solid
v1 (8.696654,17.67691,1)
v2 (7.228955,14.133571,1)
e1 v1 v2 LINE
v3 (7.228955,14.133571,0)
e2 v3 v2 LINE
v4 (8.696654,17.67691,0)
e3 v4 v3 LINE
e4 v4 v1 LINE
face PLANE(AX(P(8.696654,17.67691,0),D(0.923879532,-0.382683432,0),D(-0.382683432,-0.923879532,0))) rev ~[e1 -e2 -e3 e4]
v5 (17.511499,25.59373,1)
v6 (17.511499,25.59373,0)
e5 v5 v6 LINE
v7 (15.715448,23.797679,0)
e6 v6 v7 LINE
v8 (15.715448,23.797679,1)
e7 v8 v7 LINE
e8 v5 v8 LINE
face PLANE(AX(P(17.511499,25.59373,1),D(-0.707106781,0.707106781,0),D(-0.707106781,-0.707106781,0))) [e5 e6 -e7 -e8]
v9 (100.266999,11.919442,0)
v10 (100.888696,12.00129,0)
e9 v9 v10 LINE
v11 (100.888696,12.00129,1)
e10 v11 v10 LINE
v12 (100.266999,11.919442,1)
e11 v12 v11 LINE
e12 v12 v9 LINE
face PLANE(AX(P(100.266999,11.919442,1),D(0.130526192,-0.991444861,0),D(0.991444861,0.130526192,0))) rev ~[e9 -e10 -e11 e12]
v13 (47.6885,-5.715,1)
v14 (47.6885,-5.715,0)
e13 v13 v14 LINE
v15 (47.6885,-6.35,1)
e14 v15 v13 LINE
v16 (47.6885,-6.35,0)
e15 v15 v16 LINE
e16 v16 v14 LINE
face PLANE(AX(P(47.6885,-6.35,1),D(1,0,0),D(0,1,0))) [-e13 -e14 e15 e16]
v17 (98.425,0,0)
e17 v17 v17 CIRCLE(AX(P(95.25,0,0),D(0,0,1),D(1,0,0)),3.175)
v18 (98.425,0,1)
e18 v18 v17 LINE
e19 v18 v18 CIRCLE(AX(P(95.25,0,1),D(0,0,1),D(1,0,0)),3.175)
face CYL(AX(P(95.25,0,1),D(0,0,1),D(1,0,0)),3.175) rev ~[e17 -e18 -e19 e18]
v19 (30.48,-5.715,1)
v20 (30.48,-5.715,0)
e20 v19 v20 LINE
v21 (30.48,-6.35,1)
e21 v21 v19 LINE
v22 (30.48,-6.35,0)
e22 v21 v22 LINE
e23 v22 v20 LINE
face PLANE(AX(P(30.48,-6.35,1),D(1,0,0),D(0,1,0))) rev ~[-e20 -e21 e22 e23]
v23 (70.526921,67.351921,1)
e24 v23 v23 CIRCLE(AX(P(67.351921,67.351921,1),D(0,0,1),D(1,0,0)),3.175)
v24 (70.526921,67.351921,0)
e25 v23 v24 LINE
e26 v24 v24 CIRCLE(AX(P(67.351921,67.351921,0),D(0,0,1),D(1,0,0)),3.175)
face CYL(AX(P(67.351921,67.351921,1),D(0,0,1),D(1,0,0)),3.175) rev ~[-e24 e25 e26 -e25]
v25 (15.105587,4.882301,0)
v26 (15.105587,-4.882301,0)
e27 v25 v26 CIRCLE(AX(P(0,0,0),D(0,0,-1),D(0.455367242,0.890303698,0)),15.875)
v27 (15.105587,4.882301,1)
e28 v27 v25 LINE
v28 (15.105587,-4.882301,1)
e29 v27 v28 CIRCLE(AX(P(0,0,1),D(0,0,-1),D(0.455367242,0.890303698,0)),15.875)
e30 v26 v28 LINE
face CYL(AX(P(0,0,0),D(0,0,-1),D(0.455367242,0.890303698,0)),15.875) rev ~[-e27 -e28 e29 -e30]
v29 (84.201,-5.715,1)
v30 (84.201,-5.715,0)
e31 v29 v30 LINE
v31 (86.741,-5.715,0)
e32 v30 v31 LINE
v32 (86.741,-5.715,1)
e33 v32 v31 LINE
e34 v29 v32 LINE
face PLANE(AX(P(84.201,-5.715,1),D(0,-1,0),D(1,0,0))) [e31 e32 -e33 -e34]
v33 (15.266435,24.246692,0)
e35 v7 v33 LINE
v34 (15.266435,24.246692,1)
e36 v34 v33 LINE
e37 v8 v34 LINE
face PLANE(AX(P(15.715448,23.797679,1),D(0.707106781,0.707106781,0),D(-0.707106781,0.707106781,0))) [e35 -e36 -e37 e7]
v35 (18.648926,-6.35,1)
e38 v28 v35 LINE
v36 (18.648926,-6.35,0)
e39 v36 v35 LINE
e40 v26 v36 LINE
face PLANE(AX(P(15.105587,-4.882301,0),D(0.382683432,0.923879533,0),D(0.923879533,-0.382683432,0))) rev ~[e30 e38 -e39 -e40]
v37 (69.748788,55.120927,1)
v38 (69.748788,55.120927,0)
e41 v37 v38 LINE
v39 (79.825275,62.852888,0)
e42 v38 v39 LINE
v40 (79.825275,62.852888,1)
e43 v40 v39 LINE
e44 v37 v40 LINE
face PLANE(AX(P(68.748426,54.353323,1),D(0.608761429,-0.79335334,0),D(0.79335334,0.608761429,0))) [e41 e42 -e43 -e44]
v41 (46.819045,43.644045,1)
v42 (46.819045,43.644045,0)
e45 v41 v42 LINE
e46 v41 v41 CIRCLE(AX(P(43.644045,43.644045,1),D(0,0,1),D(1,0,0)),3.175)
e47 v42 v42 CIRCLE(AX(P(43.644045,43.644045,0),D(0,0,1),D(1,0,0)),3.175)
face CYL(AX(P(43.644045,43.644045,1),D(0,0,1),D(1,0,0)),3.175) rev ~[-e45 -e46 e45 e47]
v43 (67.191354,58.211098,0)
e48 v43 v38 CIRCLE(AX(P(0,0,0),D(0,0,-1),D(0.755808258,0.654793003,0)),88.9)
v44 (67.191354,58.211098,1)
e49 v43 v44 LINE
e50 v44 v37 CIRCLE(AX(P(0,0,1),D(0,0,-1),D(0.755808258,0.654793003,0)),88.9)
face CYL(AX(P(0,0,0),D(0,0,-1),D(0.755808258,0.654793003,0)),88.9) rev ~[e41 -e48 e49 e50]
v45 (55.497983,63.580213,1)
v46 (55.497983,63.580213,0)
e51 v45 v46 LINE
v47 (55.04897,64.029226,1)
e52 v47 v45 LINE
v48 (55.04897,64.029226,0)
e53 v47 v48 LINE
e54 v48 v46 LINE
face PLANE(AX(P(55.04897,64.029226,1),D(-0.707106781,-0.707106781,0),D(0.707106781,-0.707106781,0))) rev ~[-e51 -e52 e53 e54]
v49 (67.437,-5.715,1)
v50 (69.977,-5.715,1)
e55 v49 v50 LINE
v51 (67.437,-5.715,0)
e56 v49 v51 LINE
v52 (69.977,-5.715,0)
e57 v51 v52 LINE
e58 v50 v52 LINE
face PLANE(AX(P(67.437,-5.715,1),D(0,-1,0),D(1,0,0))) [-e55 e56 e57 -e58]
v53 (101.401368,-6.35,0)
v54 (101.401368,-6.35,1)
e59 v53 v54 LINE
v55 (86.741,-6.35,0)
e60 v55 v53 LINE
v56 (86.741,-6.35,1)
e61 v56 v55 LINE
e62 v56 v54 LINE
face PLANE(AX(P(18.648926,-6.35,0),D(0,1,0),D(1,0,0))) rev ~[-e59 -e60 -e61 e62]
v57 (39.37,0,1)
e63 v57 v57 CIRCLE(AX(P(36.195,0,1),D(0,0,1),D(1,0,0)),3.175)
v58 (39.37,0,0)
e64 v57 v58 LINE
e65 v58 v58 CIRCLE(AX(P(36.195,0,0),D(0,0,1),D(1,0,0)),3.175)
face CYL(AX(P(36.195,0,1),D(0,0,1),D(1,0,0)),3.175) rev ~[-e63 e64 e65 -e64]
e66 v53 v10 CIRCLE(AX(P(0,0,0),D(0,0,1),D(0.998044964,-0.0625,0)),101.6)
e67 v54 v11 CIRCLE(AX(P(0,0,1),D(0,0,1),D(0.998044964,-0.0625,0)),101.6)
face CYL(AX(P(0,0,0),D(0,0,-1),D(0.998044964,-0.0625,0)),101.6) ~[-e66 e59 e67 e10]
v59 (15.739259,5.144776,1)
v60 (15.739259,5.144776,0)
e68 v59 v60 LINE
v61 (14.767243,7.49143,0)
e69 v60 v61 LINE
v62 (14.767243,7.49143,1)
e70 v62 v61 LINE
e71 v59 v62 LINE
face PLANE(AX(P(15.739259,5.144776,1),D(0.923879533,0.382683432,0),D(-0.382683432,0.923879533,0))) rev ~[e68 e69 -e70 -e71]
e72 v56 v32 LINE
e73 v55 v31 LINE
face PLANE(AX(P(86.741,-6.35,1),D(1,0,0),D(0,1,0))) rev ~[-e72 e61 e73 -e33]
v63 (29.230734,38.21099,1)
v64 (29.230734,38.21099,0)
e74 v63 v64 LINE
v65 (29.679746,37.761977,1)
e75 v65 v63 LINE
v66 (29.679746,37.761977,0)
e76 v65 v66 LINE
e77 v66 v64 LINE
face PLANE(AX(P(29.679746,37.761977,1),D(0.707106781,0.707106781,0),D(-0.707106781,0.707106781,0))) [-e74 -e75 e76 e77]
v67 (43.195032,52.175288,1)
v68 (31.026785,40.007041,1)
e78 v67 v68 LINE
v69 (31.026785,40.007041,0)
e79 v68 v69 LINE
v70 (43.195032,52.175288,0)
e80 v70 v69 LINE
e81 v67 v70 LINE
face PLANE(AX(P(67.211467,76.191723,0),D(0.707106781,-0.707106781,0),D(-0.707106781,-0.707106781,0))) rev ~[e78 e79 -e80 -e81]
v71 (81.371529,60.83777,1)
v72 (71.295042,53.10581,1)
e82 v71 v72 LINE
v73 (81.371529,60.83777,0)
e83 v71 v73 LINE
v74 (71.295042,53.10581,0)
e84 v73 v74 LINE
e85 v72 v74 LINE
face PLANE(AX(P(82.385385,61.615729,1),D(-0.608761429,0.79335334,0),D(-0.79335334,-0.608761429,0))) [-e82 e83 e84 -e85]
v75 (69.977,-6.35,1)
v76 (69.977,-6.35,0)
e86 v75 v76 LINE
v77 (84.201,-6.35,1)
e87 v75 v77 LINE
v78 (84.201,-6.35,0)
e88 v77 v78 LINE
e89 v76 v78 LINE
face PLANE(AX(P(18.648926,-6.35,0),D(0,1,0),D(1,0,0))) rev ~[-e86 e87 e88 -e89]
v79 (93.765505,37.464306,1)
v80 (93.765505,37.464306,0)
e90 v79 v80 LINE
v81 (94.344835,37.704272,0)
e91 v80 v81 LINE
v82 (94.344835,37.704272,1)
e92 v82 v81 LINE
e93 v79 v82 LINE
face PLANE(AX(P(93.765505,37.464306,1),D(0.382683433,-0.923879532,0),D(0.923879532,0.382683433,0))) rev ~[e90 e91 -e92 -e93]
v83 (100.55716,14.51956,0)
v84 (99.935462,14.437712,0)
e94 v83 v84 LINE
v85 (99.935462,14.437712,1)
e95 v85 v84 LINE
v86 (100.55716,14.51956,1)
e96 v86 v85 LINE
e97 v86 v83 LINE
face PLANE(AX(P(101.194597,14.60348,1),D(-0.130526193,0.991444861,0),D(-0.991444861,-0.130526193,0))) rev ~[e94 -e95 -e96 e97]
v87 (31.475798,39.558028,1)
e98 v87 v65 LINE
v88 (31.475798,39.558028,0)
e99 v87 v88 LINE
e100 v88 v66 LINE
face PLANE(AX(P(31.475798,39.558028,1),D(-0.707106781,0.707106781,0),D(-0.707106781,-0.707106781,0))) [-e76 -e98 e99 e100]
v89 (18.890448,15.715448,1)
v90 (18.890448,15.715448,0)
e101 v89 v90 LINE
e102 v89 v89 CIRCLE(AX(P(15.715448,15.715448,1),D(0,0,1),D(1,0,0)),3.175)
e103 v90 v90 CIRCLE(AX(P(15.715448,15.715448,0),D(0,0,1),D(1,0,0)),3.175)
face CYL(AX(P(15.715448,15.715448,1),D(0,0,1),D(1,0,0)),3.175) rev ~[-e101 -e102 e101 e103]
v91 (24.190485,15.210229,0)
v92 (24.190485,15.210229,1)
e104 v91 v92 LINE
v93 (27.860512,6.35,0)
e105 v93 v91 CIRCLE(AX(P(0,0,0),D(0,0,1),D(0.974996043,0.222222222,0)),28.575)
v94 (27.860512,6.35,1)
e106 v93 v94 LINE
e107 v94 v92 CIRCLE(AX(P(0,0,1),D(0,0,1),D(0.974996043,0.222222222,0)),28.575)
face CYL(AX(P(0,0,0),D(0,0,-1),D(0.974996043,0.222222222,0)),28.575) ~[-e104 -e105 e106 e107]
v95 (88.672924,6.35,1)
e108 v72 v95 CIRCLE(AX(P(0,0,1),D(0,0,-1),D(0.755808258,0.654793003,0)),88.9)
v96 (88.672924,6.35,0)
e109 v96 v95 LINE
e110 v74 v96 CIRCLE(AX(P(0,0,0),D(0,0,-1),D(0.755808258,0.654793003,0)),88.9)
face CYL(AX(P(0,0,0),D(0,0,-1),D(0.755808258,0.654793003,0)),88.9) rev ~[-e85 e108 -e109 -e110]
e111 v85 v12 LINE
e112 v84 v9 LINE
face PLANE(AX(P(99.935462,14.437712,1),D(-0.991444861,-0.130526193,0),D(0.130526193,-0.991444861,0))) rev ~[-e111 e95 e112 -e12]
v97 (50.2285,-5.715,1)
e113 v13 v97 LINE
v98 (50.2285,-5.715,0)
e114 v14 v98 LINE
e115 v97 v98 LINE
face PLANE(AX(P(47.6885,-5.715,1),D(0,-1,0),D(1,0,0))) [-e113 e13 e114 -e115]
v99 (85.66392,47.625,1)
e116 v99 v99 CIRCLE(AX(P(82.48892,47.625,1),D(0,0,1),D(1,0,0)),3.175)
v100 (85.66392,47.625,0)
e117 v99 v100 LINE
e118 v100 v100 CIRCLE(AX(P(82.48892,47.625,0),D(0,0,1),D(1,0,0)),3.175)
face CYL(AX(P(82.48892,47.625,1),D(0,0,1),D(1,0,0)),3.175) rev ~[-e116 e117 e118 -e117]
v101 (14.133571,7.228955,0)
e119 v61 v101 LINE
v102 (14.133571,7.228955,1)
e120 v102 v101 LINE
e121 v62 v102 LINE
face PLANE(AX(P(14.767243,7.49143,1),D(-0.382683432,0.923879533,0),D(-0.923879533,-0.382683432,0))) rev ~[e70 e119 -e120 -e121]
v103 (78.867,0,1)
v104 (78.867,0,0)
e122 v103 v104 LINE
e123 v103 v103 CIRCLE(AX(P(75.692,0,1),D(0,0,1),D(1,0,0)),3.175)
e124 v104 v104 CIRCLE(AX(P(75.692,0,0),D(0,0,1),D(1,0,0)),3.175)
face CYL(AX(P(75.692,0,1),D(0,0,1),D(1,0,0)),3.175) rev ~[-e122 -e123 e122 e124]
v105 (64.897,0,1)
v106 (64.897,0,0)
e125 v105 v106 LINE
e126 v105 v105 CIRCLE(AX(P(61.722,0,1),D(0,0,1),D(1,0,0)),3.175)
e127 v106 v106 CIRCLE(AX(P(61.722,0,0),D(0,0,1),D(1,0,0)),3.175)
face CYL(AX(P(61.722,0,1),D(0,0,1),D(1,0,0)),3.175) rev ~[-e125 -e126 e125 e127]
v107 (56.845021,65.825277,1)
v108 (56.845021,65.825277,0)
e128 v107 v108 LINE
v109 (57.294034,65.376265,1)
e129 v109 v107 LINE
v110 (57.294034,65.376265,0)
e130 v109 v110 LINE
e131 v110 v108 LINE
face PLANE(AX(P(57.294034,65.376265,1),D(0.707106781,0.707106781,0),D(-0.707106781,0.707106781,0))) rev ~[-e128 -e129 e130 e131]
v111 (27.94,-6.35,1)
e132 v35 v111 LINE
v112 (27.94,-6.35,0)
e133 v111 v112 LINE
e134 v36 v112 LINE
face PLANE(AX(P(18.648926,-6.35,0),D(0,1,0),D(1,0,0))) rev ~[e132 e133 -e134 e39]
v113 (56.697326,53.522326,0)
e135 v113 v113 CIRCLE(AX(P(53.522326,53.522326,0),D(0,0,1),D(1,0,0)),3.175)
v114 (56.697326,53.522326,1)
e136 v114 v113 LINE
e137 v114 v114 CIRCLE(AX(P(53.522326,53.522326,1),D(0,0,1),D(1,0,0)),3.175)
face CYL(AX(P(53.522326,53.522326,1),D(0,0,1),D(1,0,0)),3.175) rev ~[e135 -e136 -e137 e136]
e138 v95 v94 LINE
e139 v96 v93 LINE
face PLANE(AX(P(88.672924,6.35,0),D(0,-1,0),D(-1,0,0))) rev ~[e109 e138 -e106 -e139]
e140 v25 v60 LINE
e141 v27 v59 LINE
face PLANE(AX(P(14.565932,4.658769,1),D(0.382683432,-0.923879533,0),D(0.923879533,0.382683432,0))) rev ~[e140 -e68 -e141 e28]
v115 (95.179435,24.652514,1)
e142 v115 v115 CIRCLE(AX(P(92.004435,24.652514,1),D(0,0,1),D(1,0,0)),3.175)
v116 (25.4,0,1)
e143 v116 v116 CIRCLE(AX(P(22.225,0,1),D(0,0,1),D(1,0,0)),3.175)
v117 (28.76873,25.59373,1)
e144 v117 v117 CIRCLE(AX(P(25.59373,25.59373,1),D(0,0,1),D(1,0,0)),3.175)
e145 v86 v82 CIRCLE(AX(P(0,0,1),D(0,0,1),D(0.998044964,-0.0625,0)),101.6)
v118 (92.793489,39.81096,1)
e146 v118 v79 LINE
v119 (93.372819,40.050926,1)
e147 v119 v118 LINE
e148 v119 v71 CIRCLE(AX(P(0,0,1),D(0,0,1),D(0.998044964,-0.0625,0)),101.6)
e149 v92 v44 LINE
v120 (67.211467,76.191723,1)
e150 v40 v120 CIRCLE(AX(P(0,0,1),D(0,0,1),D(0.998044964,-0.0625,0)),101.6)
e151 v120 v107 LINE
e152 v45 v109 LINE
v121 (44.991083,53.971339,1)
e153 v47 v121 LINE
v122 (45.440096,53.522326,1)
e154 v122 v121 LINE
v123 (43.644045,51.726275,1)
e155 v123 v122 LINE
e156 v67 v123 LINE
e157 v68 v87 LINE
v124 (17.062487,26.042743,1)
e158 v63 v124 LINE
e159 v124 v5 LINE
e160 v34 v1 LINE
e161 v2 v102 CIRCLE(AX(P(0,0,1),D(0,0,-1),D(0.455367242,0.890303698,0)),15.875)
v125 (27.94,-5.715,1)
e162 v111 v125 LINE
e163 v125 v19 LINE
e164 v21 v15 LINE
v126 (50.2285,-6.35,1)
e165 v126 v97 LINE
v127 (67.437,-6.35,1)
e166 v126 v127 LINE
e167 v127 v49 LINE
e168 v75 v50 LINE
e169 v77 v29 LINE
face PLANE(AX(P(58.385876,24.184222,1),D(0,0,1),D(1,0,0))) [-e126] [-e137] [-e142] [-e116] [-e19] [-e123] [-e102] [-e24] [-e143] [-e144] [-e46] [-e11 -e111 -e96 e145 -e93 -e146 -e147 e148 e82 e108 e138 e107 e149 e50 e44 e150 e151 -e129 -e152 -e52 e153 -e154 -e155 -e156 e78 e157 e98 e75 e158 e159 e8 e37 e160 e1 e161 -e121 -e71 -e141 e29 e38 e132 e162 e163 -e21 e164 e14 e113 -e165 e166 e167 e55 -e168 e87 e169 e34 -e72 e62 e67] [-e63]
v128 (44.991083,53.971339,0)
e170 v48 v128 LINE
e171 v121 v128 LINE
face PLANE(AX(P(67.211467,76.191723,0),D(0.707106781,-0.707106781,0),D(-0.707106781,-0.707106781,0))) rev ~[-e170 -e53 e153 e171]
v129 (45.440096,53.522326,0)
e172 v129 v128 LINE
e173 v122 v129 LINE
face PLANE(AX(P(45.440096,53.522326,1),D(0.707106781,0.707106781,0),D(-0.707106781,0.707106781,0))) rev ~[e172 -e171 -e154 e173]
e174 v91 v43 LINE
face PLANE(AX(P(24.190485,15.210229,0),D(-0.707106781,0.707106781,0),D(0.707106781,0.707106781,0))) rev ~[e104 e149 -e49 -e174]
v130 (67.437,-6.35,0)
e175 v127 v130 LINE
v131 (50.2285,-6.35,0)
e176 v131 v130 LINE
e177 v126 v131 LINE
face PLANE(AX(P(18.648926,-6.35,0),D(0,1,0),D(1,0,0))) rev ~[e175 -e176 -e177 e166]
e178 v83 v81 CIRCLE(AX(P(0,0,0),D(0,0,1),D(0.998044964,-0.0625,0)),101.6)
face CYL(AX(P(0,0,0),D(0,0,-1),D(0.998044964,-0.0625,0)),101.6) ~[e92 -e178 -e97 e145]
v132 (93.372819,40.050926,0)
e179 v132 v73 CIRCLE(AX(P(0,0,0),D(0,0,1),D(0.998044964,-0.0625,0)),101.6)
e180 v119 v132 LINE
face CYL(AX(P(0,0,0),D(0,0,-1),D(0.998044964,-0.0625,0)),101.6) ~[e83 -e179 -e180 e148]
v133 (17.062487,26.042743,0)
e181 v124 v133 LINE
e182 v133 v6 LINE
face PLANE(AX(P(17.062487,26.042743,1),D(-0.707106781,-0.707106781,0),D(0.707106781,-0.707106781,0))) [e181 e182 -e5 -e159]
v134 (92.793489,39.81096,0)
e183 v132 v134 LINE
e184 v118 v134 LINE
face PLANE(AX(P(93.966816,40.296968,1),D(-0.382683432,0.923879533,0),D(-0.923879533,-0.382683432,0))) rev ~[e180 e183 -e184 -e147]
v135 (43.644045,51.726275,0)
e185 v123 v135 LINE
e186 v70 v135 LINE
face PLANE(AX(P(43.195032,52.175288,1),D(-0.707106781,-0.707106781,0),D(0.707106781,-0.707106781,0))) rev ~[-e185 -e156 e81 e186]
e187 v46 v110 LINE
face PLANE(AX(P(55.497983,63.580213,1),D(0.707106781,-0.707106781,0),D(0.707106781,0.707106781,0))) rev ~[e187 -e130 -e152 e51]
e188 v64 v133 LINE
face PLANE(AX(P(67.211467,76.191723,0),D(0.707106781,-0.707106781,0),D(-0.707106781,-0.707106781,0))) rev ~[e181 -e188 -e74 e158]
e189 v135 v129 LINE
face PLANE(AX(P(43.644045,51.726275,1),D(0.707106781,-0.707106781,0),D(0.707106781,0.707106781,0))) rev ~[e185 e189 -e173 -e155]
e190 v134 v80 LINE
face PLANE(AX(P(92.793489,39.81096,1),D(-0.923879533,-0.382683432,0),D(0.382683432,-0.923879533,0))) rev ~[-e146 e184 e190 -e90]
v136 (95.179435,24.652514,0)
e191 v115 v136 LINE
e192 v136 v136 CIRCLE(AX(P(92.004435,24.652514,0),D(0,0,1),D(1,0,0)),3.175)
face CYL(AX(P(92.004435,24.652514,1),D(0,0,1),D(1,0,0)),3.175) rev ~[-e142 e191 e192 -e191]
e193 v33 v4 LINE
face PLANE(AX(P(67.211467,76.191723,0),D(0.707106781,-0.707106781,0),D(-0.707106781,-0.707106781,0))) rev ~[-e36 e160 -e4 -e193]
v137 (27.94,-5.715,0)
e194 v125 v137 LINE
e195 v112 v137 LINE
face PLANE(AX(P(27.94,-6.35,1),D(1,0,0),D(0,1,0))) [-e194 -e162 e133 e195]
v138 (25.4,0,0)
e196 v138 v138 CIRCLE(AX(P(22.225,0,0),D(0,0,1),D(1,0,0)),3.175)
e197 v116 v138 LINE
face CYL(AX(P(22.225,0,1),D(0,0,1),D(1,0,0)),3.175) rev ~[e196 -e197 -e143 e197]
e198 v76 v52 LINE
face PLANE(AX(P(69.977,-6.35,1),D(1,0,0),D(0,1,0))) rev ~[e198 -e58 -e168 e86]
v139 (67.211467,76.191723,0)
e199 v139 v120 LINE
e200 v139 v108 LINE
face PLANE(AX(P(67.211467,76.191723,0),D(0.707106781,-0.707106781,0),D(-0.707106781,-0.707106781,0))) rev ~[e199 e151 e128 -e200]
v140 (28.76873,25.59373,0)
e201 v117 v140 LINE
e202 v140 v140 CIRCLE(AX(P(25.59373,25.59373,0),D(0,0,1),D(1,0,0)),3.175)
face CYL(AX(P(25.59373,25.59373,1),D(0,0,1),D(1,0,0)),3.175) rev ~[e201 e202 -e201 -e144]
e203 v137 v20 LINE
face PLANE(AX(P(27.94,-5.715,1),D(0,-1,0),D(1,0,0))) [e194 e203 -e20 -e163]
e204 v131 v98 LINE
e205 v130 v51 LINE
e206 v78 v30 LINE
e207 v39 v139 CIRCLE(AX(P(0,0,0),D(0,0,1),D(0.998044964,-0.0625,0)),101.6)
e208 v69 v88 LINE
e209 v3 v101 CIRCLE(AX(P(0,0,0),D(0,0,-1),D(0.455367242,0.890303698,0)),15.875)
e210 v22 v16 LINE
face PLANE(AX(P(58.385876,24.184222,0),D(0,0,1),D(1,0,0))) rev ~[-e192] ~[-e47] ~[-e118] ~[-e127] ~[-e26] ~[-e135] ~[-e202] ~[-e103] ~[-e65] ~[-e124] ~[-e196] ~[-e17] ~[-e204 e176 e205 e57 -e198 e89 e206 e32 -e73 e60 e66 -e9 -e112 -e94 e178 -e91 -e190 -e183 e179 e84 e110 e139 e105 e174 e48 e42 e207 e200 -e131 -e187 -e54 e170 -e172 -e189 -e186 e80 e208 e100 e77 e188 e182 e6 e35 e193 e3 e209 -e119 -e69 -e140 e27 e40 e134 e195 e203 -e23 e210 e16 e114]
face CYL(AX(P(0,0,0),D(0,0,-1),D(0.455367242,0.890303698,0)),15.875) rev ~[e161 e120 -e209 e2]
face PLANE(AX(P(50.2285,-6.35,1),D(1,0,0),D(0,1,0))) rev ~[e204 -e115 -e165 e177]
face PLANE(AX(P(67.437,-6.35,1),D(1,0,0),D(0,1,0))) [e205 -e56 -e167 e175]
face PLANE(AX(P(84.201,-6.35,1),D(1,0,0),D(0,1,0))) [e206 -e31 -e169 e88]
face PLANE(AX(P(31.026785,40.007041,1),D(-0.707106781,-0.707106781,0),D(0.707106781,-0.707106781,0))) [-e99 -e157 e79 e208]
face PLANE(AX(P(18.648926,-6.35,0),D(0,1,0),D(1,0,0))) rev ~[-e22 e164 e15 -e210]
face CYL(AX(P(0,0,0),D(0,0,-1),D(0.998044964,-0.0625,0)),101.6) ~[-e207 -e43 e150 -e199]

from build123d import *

# Parameters (mm, degrees)
BOSS_EXTRUDE1_DEPTH = 1
SKETCH2_R           = 3.175
CUT_EXTRUDE1_DEPTH  = 2
SKETCH3_W           = 2.54
SKETCH3_H           = 0.635
CUT_EXTRUDE2_DEPTH  = 2


with BuildPart() as part:
    # Sketch1 → Boss-Extrude1 (new body)
    with BuildSketch(Plane.XY):
        with BuildLine():
            Line((67.21146711, 76.191723231), (8.696654013, 17.676910134))
            Line((8.696654013, 17.676910134), (7.228954972, 14.133571205))
            ThreePointArc((7.228954972, 14.133571205), (14.666587579, 6.075099489), (15.105587123, -4.88230096))
            Line((15.105587123, -4.88230096), (18.648926052, -6.35))
            Line((18.648926052, -6.35), (101.401368334, -6.35))
            ThreePointArc((101.401368334, -6.35), (93.866160503, 38.880636728), (67.21146711, 76.191723231))
        make_face()
        with BuildLine():
            Line((88.672924278, 6.35), (27.86051193, 6.35))
            ThreePointArc((27.86051193, 6.35), (26.399857642, 10.93517908), (24.190484974, 15.210228852))
            Line((24.190484974, 15.210228852), (67.191354125, 58.211098004))
            ThreePointArc((67.191354125, 58.211098004), (82.13289044, 34.020557137), (88.672924278, 6.35))
        make_face(mode=Mode.SUBTRACT)
    extrude(amount=BOSS_EXTRUDE1_DEPTH)

    # Sketch2 → Cut-Extrude1 (cut, through all)
    with BuildSketch(Plane.XY.offset(1)):
        with Locations((22.225, 0)):
            Circle(SKETCH2_R)
        with Locations((36.195, 0)):
            Circle(SKETCH2_R)
        with Locations((61.722, 0)):
            Circle(SKETCH2_R)
        with Locations((75.692, 0)):
            Circle(SKETCH2_R)
        with Locations((95.25, 0)):
            Circle(SKETCH2_R)
        with Locations((15.715448212, 15.715448212)):
            Circle(SKETCH2_R)
        with Locations((25.593729945, 25.593729945)):
            Circle(SKETCH2_R)
        with Locations((43.644044748, 43.644044748)):
            Circle(SKETCH2_R)
        with Locations((53.522326482, 53.522326482)):
            Circle(SKETCH2_R)
        with Locations((92.004434954, 24.652514046)):
            Circle(SKETCH2_R)
        with Locations((82.48891971, 47.625)):
            Circle(SKETCH2_R)
        with Locations((67.351920908, 67.351920908)):
            Circle(SKETCH2_R)
    extrude(amount=-CUT_EXTRUDE1_DEPTH, mode=Mode.SUBTRACT)

    # Sketch3 → Cut-Extrude2 (cut, through all)
    with BuildSketch(Plane.XY.offset(1)):
        Polygon((15.266435406, 24.246691527), (17.06248663, 26.042742751), (17.511499436, 25.593729945), (15.715448212, 23.797678721), align=None)
        Polygon((44.991083167, 53.971339288), (43.195031942, 52.175288063), (43.644044748, 51.726275257), (45.440095973, 53.522326482), align=None)
        with Locations((29.21, -6.0325)):
            Rectangle(SKETCH3_W, SKETCH3_H)
        with Locations((68.707, -6.0325)):
            Rectangle(SKETCH3_W, SKETCH3_H)
        Polygon((29.230733674, 38.210989795), (31.026784898, 40.007041019), (31.475797704, 39.558028213), (29.67974648, 37.761976989), align=None)
        Polygon((56.845021246, 65.825277367), (55.048970022, 64.029226143), (55.497982828, 63.580213337), (57.294034052, 65.376264561), align=None)
        with Locations((48.9585, -6.0325)):
            Rectangle(SKETCH3_W, SKETCH3_H)
        with Locations((85.471, -6.0325)):
            Rectangle(SKETCH3_W, SKETCH3_H)
        Polygon((99.935462164, 14.437711971), (100.266998693, 11.919442024), (101.526133667, 12.085210288), (101.194597138, 14.603480236), align=None)
        Polygon((93.765504959, 37.464305742), (94.938831965, 37.950313702), (93.966816047, 40.296967714), (92.793489041, 39.810959755), align=None)
        Polygon((80.839131101, 63.630846944), (82.385385131, 61.61572946), (70.294680225, 52.338205282), (68.748426195, 54.353322766), align=None)
        Polygon((13.593916116, 7.005422516), (14.565932035, 4.658768503), (15.739259041, 5.144776462), (14.767243123, 7.491430475), align=None)
    extrude(amount=-CUT_EXTRUDE2_DEPTH, mode=Mode.SUBTRACT)


solid = part.part
